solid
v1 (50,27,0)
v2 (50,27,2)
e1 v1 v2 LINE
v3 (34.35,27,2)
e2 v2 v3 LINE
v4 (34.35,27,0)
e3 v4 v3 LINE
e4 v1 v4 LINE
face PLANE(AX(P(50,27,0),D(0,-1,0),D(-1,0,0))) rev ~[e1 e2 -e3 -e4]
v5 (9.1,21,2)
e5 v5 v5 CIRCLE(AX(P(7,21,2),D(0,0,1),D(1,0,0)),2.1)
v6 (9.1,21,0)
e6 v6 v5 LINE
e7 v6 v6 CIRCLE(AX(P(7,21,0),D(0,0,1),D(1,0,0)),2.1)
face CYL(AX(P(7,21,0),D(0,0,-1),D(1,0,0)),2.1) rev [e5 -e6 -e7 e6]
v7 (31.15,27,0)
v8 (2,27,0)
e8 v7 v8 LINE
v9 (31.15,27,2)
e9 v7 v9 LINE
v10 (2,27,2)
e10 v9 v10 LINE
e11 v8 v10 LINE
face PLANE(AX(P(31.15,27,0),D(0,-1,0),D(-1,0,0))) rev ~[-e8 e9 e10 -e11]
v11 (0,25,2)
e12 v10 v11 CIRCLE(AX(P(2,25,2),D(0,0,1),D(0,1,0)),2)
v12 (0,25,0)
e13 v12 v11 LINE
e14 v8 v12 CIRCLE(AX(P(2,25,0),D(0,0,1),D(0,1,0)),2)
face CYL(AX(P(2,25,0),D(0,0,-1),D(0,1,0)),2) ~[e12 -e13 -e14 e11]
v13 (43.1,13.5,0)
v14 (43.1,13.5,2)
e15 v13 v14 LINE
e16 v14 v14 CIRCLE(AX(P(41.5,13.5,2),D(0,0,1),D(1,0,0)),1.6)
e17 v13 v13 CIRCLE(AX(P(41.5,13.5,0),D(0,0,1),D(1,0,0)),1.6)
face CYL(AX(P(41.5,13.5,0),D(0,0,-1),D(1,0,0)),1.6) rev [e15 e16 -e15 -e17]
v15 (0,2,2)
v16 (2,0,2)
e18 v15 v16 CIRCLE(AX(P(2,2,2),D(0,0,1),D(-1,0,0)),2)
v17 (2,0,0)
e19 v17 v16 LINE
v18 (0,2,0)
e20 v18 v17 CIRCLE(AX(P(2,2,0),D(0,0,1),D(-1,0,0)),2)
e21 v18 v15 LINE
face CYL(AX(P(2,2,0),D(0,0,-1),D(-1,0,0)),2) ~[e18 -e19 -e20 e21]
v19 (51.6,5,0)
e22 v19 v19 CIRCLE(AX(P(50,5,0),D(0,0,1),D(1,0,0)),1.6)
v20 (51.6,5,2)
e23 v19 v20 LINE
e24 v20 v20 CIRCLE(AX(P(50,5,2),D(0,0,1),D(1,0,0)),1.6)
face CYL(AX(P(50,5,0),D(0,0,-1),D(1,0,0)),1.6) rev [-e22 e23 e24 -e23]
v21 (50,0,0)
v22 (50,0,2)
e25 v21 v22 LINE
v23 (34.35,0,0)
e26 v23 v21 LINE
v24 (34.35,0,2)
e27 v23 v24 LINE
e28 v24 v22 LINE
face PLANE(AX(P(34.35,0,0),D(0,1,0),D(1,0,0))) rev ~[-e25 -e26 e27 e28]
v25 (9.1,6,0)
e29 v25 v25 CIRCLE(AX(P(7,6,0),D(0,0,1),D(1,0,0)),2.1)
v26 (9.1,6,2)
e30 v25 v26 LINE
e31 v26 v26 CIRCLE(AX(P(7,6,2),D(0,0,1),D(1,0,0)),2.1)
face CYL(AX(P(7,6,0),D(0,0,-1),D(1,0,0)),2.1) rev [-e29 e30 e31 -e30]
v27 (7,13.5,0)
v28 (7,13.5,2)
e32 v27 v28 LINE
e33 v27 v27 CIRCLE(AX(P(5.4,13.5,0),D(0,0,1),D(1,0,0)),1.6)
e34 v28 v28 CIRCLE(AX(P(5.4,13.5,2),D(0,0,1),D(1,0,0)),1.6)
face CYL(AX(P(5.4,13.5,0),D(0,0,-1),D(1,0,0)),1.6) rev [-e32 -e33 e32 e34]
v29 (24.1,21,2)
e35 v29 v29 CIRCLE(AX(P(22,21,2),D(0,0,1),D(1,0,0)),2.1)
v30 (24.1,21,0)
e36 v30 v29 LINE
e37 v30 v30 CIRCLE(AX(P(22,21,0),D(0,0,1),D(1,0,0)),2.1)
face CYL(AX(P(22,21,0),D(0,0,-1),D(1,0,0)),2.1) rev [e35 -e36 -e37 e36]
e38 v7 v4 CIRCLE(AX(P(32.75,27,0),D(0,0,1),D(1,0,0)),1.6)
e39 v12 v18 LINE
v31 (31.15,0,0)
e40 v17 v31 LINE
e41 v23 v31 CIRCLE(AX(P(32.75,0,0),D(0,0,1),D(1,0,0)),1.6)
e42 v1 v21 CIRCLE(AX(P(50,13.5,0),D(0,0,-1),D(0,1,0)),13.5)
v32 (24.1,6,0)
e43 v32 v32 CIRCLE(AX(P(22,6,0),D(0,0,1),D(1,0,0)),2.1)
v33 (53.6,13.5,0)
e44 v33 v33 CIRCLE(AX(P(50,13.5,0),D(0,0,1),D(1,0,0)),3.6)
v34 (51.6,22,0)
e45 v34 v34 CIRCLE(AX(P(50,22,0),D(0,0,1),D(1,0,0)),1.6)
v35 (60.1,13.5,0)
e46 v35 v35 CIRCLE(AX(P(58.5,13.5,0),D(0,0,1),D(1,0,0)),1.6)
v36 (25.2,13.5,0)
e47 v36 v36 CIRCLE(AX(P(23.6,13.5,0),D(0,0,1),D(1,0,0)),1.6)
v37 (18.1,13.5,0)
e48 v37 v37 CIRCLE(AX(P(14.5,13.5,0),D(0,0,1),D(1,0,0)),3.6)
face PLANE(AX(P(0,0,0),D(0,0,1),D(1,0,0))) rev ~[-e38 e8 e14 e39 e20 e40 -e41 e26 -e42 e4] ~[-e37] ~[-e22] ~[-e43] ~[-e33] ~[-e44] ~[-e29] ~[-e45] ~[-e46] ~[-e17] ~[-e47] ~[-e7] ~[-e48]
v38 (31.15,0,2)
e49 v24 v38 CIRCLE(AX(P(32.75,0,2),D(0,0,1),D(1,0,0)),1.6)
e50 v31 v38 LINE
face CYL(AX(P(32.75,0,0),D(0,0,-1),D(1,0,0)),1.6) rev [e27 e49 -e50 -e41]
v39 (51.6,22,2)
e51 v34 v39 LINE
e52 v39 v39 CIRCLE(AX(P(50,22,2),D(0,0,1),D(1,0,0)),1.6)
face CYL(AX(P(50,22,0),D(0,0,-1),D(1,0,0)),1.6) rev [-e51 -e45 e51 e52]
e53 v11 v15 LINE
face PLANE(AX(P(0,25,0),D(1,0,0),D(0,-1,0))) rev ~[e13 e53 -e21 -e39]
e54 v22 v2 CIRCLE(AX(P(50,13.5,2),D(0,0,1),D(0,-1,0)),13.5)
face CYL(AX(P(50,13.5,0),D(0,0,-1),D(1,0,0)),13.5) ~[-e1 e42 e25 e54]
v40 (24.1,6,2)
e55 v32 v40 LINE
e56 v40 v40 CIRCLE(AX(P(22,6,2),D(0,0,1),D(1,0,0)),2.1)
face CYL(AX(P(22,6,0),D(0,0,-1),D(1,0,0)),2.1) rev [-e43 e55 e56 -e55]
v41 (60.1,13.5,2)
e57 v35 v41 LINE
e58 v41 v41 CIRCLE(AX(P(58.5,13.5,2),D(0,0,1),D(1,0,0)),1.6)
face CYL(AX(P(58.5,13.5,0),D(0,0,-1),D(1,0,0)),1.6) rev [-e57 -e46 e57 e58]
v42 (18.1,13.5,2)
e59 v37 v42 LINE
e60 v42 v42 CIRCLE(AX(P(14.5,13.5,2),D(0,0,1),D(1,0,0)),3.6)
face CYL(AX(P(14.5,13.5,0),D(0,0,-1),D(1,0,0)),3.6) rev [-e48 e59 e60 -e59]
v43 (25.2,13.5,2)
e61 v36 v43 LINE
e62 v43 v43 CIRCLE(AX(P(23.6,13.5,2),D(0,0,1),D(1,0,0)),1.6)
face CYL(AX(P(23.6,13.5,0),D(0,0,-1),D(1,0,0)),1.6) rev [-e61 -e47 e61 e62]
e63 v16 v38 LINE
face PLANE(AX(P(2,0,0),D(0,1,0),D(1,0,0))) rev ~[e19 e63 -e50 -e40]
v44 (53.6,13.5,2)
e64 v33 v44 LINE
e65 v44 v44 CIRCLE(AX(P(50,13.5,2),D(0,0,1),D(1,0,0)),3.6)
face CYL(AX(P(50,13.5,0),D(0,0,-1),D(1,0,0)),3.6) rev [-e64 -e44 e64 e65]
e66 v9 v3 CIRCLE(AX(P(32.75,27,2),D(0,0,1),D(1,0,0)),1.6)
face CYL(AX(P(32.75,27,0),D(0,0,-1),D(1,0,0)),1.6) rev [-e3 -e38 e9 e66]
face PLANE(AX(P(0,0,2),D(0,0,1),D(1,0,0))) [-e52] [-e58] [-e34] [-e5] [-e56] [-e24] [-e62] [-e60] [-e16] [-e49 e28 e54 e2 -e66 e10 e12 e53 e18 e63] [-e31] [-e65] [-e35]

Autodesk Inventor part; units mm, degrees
ref_plane "YZ Plane" through (0, 0, 0) normal (1, 0, 0) x (0, 1, 0)
ref_plane "XZ Plane" through (0, 0, 0) normal (0, 1, 0) x (-1, 0, 0)
ref_plane "XY Plane" through (0, 0, 0) normal (0, 0, 1) x (1, 0, 0)
sketch "Sketch1" plane through (0, 0, 0) normal (0, 0, 1) x (1, 0, 0)
  line L0 (2, 0) -> (63.5, 0)
  line L1 (63.5, 0) -> (63.5, 27) construction
  line L2 (63.5, 27) -> (2, 27)
  line L3 (0, 25) -> (0, 2)
  circle A0 centre (50, 13.5) radius 13.5
  circle A1 centre (50, 13.5) radius 3.6
  circle A2 centre (58.5, 13.5) radius 1.6
  circle A3 centre (50, 13.5) radius 8.5 construction
  line L4 (50, 13.5) -> (58.5, 13.5) construction
  circle A4 centre (50, 22) radius 1.6
  circle A5 centre (41.5, 13.5) radius 1.6
  circle A6 centre (50, 5) radius 1.6
  circle A7 centre (14.5, 13.5) radius 3.6
  line L5 (7, 21) -> (22, 21) construction
  line L6 (22, 21) -> (22, 6) construction
  line L7 (22, 6) -> (7, 6) construction
  line L8 (7, 6) -> (7, 21) construction
  line L9 (7, 21) -> (22, 6) construction
  line L10 (22, 21) -> (7, 6) construction
  circle A8 centre (7, 21) radius 2.1
  circle A9 centre (7, 6) radius 2.1
  circle A10 centre (22, 6) radius 2.1
  circle A11 centre (22, 21) radius 2.1
  arc A12 (2, 27) -> (0, 25) centre (2, 25) ccw
  arc A13 (0, 2) -> (2, 0) centre (2, 2) ccw
  circle A14 centre (5.4, 13.5) radius 1.6
  circle A15 centre (23.6, 13.5) radius 1.6
  circle A16 centre (32.75, 27) radius 1.6
  circle A17 centre (32.75, 0) radius 1.6
  point P0 (0, 0)
  point P1 (0, 27)
  point P2 (50, 0)
  point P3 (50, 27)
  point P4 (34.35, 27)
  point P5 (31.15, 27)
  point P6 (31.15, 0)
  point P7 (34.35, 0)
  dimension "d5" = 17
  dimension "d2" = 13.5
  dimension "d3" = 7.2
  dimension "d4" = 50
  dimension "d6" = 3.2
  dimension "d9" = 360
  dimension "d11" = 4.2
  dimension "d12" = 2
  dimension "d13" = 7
  dimension "d14" = 15
extrude "Extrusion1" add sketch "Sketch1" along normal blind 2 contours A13 L3 A12 L2 A16 A0 L0 A17 | A0
properties part number "motor holder bracket"
